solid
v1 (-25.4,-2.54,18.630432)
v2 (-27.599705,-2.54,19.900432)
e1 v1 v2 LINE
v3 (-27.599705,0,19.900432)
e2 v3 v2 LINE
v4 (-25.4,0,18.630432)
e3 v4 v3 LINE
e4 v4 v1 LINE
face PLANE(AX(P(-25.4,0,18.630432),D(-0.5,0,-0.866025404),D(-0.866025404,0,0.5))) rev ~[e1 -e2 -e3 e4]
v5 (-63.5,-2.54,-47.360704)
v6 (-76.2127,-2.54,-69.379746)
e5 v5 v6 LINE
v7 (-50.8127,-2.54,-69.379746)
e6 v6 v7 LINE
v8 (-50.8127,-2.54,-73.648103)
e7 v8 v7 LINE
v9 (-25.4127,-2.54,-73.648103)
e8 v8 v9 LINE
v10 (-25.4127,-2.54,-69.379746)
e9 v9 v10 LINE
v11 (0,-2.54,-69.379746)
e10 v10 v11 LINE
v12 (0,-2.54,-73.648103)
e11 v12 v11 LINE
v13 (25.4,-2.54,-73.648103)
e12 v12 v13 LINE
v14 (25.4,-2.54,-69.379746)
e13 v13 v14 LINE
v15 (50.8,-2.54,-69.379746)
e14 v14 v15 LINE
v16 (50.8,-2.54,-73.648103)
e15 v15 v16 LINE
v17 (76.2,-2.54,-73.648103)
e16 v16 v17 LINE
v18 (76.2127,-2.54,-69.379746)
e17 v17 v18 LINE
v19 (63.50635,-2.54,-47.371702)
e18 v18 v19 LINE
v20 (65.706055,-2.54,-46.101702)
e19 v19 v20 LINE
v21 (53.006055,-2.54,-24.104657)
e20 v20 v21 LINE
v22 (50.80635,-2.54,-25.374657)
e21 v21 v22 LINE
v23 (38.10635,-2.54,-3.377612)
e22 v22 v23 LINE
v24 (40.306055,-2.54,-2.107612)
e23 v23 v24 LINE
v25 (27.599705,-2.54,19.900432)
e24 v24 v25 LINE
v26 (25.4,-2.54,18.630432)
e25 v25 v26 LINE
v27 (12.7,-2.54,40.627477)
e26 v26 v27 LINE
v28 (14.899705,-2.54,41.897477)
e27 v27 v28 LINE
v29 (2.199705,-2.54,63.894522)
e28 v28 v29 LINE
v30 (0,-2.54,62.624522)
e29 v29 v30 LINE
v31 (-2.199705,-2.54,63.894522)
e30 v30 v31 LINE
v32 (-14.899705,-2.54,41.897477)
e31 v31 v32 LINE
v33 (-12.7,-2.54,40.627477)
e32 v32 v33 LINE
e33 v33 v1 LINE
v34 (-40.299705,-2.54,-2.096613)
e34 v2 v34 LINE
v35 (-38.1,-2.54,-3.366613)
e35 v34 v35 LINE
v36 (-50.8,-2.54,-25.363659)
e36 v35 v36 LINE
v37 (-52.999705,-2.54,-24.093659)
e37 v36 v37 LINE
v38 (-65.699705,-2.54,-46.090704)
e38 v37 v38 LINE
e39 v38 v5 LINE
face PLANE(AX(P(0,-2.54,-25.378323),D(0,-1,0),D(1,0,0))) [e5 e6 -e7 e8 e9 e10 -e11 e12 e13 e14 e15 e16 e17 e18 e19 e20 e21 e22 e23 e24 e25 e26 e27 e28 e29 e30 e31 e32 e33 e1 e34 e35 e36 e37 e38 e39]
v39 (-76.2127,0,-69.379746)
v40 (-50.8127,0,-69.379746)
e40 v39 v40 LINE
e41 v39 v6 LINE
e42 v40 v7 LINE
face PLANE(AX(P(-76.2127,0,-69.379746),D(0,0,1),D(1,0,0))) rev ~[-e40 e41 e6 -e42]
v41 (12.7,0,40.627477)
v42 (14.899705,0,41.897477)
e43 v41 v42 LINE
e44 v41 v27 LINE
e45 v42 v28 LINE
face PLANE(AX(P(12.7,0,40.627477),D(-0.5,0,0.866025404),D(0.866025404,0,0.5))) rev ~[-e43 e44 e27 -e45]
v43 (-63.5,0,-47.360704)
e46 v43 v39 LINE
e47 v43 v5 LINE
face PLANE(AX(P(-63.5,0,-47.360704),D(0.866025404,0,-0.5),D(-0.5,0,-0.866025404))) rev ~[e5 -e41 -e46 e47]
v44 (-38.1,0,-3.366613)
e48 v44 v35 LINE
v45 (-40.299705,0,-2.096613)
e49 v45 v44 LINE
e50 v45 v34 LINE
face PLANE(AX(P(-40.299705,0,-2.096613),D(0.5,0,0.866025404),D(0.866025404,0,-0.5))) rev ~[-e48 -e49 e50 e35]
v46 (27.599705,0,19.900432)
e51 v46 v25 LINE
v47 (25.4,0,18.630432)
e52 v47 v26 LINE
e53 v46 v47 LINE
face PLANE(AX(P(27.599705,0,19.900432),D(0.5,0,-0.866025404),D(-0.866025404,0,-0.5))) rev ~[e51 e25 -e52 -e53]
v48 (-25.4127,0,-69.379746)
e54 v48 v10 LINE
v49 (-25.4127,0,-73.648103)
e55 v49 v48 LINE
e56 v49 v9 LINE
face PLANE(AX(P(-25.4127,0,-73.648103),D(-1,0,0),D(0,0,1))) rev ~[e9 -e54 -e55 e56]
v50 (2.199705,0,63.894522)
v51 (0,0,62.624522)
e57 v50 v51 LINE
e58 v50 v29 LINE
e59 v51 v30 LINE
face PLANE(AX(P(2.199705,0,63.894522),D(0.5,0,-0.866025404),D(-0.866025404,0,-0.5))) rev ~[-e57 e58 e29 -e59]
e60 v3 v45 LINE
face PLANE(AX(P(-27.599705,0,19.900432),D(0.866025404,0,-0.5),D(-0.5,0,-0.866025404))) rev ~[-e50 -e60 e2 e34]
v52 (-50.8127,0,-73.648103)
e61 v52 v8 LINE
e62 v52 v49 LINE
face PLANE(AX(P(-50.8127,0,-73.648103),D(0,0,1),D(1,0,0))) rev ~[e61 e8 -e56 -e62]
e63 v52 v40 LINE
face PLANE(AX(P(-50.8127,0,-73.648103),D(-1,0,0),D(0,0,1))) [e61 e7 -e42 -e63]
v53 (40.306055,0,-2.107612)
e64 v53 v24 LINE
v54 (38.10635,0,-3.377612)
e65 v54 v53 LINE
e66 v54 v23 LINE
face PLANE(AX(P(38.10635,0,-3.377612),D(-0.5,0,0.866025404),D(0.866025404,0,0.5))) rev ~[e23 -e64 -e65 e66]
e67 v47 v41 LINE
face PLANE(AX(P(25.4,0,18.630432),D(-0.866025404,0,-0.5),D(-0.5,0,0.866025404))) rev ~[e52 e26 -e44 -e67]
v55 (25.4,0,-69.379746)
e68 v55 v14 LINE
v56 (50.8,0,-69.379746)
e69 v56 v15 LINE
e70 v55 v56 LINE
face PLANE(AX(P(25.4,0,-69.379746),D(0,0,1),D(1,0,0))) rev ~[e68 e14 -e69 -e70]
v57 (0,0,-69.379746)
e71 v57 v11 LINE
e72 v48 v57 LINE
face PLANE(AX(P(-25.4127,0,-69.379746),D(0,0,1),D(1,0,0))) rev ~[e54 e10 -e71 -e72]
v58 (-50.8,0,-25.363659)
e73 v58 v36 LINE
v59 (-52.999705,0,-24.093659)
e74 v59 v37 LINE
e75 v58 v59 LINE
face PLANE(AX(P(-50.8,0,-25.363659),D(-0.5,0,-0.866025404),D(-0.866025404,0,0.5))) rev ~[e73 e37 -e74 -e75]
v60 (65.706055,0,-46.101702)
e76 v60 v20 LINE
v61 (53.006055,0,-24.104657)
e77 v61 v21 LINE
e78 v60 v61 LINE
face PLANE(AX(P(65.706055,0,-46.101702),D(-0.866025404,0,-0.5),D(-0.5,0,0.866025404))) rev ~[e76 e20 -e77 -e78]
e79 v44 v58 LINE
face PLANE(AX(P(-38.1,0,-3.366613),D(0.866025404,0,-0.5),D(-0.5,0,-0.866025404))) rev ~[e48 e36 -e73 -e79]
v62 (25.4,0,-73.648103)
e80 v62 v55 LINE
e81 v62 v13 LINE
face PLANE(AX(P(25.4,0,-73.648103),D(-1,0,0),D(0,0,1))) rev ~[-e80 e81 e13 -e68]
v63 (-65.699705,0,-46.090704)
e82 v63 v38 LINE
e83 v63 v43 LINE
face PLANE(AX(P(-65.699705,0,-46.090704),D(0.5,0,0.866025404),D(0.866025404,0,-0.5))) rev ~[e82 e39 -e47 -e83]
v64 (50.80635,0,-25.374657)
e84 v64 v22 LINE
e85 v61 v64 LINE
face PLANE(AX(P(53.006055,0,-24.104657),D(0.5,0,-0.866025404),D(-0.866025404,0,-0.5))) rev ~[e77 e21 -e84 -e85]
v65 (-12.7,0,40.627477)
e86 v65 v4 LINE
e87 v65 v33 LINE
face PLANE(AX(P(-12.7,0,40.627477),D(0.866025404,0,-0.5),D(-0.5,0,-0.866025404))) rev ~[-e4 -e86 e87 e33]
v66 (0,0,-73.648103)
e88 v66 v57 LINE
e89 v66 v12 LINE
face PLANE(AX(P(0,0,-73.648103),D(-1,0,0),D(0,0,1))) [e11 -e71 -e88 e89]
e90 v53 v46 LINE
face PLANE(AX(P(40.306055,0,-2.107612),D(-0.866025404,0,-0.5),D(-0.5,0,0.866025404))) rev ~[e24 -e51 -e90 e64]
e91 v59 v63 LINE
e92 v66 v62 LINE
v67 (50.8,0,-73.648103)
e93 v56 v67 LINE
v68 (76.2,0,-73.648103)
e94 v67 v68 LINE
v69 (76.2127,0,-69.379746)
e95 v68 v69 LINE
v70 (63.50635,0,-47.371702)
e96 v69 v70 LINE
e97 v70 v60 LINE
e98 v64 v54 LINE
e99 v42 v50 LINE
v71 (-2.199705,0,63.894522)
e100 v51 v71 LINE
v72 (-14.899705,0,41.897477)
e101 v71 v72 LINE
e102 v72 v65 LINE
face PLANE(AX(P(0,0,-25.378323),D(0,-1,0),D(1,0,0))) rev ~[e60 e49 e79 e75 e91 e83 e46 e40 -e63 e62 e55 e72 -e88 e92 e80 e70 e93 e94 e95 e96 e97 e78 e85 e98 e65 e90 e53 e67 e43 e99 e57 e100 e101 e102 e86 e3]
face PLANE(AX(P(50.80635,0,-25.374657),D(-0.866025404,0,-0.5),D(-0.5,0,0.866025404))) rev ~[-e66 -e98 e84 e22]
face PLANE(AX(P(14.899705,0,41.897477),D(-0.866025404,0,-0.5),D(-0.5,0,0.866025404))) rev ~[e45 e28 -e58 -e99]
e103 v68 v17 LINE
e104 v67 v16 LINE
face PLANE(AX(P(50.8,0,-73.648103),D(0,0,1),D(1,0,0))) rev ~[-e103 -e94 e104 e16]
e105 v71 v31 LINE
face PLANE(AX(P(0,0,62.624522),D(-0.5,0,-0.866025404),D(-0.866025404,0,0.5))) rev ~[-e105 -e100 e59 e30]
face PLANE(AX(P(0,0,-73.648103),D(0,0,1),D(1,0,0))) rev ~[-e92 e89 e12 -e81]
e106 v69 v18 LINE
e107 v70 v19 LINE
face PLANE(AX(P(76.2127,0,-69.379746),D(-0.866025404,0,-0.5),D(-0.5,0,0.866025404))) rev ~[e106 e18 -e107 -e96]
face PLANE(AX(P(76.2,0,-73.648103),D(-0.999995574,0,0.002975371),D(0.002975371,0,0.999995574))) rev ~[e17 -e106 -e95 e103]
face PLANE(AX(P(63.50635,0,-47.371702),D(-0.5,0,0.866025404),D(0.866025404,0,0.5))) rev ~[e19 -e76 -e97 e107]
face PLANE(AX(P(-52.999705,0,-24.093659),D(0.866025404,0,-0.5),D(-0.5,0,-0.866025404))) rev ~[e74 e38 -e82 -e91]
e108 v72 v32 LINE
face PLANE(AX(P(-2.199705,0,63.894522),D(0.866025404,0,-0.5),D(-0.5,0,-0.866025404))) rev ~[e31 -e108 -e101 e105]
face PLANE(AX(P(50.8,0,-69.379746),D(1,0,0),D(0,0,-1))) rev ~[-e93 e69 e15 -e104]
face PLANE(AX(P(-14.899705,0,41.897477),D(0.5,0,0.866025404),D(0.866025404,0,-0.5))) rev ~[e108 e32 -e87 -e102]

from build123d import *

# Parameters (mm, degrees)
F0_W     = 25.4
F0_H     = 4.2683564431
F1_DEPTH = 2.54


with BuildPart() as f1:
    # F0 (on Front) → F1 (new body)
    with BuildSketch(Plane.XZ):
        Polygon((12.7, 40.6274771875), (0, 62.6245224436), (-12.7, 40.6274771875), (-25.4, 18.6304319314), (-38.1, -3.3666133248), (-50.8, -25.3636585809), (-63.5, -47.360703837), (-76.2127, -69.3797461384), (-50.8127, -69.3797461384), (-25.4127, -69.3797461384), (0, -69.3797461384), (25.4, -69.3797461384), (50.8, -69.3797461384), (76.2127, -69.3797461384), (63.50635, -47.3717023596), (50.80635, -25.3746571035), (38.10635, -3.3776118474), (25.4, 18.6304319314), align=None)
        Polygon((2.1997045256, 63.8945224436), (0, 62.6245224436), (12.7, 40.6274771875), (14.8997045256, 41.8974771875), align=None)
        Polygon((-12.7, 40.6274771875), (0, 62.6245224436), (-2.1997045256, 63.8945224436), (-14.8997045256, 41.8974771875), align=None)
        Polygon((-38.1, -3.3666133248), (-25.4, 18.6304319314), (-27.5997045256, 19.9004319314), (-40.2997045256, -2.0966133248), align=None)
        Polygon((27.5997045256, 19.9004319314), (25.4, 18.6304319314), (38.10635, -3.3776118474), (40.3060545256, -2.1076118474), align=None)
        Polygon((-63.5, -47.360703837), (-50.8, -25.3636585809), (-52.9997045256, -24.0936585809), (-65.6997045256, -46.090703837), align=None)
        Polygon((53.0060545256, -24.1046571035), (50.80635, -25.3746571035), (63.50635, -47.3717023596), (65.7060545256, -46.1017023596), align=None)
        Polygon((76.2, -73.6481025815), (76.2127, -69.3797461384), (50.8, -69.3797461384), (50.8, -73.6481025815), align=None)
        with Locations((-38.1127, -71.5139243599)):
            Rectangle(F0_W, F0_H)
        with Locations((12.7, -71.5139243599)):
            Rectangle(F0_W, F0_H)
    extrude(amount=F1_DEPTH)


solid = f1.part
